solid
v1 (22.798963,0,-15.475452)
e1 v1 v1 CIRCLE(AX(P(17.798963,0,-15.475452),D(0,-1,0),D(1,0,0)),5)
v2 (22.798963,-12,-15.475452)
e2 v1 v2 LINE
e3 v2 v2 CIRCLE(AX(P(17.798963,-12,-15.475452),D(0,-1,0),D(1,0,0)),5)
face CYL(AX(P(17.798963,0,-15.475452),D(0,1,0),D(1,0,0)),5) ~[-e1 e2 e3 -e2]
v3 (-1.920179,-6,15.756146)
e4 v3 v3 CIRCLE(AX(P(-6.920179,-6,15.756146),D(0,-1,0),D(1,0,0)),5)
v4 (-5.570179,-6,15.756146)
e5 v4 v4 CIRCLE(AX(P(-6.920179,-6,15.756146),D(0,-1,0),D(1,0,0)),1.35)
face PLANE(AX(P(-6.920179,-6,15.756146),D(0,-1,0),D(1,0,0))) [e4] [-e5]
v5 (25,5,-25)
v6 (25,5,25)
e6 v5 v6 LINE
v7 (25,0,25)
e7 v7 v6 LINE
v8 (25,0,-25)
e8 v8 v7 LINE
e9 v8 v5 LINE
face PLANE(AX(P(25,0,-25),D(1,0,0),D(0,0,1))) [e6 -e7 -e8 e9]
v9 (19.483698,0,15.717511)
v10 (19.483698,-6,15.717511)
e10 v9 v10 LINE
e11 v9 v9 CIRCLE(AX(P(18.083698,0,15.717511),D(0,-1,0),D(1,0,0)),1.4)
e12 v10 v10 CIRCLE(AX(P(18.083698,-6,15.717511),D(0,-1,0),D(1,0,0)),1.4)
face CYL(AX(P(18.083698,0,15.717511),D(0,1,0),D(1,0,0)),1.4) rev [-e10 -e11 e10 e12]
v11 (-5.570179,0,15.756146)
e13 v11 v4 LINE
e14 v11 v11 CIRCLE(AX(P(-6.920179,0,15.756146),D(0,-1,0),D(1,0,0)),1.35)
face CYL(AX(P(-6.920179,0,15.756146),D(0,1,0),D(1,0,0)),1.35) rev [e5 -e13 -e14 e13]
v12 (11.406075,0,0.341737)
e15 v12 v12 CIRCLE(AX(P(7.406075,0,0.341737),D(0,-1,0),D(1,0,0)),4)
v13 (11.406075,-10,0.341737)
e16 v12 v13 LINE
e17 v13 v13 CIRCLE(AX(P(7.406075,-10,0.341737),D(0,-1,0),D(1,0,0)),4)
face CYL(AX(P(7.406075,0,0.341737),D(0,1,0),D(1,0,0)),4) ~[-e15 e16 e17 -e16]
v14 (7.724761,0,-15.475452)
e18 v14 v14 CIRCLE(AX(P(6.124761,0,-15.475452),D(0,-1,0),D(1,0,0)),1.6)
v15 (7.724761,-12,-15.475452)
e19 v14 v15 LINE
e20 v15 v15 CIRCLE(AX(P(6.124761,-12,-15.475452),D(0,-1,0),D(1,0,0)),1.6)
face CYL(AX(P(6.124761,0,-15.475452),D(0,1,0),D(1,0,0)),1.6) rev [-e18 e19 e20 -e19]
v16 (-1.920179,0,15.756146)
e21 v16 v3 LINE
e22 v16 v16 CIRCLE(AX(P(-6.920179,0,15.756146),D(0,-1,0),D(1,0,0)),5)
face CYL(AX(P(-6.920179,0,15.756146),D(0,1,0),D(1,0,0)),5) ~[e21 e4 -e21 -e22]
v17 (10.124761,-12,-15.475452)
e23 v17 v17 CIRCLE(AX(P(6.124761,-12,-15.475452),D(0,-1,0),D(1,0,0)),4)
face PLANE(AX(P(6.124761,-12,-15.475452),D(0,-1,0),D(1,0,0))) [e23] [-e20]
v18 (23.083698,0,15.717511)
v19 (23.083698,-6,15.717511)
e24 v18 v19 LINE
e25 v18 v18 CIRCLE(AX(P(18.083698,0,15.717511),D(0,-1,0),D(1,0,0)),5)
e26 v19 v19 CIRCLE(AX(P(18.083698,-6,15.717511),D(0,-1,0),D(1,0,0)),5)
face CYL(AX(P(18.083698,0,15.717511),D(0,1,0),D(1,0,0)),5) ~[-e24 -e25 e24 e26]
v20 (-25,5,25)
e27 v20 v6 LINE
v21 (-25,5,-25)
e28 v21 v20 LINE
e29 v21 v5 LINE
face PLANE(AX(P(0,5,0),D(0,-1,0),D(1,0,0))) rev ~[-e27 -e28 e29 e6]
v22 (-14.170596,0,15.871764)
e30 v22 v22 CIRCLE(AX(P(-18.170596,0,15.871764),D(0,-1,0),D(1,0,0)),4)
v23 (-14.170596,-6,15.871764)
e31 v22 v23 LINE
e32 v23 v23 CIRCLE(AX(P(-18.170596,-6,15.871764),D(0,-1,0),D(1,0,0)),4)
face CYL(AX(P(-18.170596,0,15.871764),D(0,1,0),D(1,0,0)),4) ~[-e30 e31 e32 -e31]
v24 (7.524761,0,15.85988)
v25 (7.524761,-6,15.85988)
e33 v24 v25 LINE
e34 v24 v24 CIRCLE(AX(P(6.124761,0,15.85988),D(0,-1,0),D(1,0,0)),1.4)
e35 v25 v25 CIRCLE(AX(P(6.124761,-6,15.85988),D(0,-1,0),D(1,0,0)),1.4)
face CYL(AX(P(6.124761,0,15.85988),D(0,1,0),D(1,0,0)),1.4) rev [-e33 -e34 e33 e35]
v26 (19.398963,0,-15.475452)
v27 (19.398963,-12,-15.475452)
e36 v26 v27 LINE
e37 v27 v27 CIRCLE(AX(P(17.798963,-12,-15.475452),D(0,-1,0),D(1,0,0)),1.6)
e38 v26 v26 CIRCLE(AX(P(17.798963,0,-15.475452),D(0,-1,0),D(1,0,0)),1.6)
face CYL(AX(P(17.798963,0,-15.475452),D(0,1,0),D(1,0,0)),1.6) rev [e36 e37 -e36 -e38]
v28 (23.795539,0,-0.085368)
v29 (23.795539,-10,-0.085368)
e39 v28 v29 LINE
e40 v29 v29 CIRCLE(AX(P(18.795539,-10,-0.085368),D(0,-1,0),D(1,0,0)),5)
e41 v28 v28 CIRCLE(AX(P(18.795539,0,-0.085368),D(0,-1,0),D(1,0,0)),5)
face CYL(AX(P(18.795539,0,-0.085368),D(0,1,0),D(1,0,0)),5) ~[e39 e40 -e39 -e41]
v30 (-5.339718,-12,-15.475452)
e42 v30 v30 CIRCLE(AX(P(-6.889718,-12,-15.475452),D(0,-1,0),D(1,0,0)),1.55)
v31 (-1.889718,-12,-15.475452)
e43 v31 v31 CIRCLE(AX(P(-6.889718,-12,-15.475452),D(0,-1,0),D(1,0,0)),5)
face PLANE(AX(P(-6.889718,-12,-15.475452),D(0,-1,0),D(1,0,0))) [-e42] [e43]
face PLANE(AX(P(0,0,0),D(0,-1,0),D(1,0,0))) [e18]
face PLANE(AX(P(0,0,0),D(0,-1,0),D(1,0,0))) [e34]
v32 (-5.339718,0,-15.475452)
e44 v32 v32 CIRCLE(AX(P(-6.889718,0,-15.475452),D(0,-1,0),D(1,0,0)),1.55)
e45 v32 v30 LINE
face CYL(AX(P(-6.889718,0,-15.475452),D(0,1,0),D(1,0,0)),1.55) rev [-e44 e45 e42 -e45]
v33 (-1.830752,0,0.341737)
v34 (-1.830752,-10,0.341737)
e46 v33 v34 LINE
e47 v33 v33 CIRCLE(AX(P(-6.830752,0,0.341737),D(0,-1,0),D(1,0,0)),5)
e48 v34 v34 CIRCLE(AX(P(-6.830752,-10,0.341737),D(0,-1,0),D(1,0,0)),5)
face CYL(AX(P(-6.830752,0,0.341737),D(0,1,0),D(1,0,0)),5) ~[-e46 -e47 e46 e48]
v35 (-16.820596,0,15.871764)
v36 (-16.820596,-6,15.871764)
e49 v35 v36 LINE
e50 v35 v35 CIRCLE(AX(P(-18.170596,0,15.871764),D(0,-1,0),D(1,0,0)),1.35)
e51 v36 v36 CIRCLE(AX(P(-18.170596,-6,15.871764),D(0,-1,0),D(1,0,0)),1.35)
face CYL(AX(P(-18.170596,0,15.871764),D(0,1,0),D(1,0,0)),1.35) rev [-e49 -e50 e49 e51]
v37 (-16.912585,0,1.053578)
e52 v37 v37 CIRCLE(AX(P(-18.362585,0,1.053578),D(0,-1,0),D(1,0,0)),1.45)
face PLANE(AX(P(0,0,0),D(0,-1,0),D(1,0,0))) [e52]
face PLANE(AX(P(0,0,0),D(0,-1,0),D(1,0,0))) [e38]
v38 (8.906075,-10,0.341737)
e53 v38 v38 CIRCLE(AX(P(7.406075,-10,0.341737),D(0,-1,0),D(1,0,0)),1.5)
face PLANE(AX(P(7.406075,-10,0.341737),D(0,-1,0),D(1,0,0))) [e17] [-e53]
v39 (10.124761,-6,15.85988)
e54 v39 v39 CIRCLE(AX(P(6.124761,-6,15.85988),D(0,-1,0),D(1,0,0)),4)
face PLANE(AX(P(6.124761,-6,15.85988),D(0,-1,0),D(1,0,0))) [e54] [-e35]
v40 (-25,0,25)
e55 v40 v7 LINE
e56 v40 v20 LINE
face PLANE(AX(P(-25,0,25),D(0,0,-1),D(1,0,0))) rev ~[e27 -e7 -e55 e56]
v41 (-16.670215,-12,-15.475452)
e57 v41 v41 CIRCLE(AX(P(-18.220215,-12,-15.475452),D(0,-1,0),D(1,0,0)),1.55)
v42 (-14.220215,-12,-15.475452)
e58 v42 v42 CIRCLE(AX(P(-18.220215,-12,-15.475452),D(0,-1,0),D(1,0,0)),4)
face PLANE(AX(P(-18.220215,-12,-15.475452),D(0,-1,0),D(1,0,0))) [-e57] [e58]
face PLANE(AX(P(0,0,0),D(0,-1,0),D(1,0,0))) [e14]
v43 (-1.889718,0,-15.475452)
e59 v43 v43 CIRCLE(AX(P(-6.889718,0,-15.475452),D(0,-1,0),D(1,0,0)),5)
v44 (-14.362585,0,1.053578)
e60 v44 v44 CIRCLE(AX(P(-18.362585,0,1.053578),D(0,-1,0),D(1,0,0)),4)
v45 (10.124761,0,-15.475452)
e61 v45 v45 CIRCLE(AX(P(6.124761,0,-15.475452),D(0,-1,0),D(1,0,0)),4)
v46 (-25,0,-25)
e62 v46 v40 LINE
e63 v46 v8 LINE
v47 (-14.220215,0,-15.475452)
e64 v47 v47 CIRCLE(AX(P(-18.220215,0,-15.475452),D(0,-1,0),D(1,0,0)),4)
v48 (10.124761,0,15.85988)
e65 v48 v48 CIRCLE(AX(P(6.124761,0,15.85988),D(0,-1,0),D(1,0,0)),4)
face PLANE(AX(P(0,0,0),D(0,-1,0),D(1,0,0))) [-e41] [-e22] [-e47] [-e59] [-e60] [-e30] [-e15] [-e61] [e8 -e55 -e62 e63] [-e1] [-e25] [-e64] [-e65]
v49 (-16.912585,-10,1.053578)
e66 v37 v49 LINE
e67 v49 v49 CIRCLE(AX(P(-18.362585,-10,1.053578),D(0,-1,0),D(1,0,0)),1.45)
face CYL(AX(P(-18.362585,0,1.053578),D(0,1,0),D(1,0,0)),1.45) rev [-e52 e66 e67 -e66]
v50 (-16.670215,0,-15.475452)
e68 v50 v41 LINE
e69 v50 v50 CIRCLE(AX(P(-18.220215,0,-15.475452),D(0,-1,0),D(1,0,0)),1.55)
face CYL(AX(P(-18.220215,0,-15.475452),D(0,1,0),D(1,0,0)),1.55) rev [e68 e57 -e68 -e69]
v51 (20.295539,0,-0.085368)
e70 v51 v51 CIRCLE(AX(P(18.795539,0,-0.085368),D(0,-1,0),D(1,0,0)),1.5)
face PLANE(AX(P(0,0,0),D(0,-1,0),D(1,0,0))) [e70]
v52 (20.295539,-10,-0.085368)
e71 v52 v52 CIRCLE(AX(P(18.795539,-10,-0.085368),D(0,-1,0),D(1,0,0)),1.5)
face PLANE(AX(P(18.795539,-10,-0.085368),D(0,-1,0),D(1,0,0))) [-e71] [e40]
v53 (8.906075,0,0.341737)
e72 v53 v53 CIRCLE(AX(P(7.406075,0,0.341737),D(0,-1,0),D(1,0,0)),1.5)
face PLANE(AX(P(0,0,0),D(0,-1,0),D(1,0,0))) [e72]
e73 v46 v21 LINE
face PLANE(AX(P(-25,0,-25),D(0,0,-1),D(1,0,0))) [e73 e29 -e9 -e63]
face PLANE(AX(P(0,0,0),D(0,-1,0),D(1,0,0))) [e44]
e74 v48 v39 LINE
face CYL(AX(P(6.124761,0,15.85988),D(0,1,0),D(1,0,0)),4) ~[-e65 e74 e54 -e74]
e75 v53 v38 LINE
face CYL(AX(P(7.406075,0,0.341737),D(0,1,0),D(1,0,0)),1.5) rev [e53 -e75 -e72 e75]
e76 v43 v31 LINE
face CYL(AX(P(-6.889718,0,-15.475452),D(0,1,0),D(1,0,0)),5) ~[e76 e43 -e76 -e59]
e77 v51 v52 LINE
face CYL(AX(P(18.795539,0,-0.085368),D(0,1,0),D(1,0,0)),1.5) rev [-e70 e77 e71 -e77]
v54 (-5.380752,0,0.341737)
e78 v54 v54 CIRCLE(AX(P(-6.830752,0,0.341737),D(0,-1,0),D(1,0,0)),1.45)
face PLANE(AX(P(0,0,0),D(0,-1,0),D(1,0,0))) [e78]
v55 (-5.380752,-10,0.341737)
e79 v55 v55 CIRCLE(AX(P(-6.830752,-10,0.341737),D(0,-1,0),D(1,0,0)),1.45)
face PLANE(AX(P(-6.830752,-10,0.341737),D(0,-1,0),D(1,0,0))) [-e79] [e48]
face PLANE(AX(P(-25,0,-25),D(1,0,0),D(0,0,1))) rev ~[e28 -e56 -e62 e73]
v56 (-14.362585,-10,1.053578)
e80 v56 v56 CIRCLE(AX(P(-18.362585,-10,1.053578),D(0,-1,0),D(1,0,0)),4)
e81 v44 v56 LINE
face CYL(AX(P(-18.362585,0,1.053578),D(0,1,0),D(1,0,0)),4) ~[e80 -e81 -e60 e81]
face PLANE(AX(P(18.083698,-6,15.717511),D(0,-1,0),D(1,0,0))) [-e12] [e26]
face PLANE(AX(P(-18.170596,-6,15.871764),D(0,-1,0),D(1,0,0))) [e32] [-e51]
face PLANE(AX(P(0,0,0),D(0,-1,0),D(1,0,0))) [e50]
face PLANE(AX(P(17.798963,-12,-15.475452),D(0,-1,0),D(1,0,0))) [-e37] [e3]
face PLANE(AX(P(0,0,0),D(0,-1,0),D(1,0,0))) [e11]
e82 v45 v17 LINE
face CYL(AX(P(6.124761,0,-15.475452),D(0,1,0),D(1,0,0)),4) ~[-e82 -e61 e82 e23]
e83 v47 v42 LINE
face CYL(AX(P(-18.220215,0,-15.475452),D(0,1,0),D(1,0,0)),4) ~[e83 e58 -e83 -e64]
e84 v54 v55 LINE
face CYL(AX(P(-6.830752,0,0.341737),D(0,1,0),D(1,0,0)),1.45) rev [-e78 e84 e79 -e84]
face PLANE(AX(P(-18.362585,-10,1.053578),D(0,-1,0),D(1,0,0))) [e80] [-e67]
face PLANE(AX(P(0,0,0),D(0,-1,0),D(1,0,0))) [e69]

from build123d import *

# Parameters (mm, degrees)
F0_W     = 50
F0_H     = 50
F2_DEPTH = 5
F1_R     = 4
F1_R_2   = 1.35
F1_R_3   = 5
F1_R_4   = 1.4
F3_DEPTH = 6
F1_R_5   = 1.45
F1_R_6   = 1.5
F4_DEPTH = 10
F1_R_7   = 1.55
F1_R_8   = 1.6
F5_DEPTH = 12


with BuildPart() as f2:
    # F0 (on Front) → F2 (new body)
    with BuildSketch(Plane.XZ):
        Rectangle(F0_W, F0_H)
    extrude(amount=-F2_DEPTH)

    # F1 (on Front) → F3 (join)
    with BuildSketch(Plane.XZ):
        with Locations((-18.170596, 15.871764)):
            Circle(F1_R)
        with Locations((-18.170596, 15.871764)):
            Circle(F1_R_2, mode=Mode.SUBTRACT)
        with Locations((-6.920179, 15.756146)):
            Circle(F1_R_3)
        with Locations((-6.920179, 15.756146)):
            Circle(F1_R_2, mode=Mode.SUBTRACT)
        with Locations((6.124761, 15.85988)):
            Circle(F1_R)
        with Locations((6.124761, 15.85988)):
            Circle(F1_R_4, mode=Mode.SUBTRACT)
        with Locations((18.083698, 15.717511)):
            Circle(F1_R_3)
        with Locations((18.083698, 15.717511)):
            Circle(F1_R_4, mode=Mode.SUBTRACT)
    extrude(amount=F3_DEPTH)

    # F1 (on Front) → F4 (join)
    with BuildSketch(Plane.XZ):
        with Locations((-18.362585, 1.053578)):
            Circle(F1_R)
        with Locations((-18.362585, 1.053578)):
            Circle(F1_R_5, mode=Mode.SUBTRACT)
        with Locations((-6.830752, 0.341737)):
            Circle(F1_R_3)
        with Locations((-6.830752, 0.341737)):
            Circle(F1_R_5, mode=Mode.SUBTRACT)
        with Locations((7.406075, 0.341737)):
            Circle(F1_R)
        with Locations((7.406075, 0.341737)):
            Circle(F1_R_6, mode=Mode.SUBTRACT)
        with Locations((18.795539, -0.085368)):
            Circle(F1_R_3)
        with Locations((18.795539, -0.085368)):
            Circle(F1_R_6, mode=Mode.SUBTRACT)
    extrude(amount=F4_DEPTH)

    # F1 (on Front) → F5 (join)
    with BuildSketch(Plane.XZ):
        with Locations((-6.889718, -15.475452)):
            Circle(F1_R_3)
        with Locations((-6.889718, -15.475452)):
            Circle(F1_R_7, mode=Mode.SUBTRACT)
        with Locations((-18.220215, -15.475452)):
            Circle(F1_R)
        with Locations((-18.220215, -15.475452)):
            Circle(F1_R_7, mode=Mode.SUBTRACT)
        with Locations((6.124761, -15.475452)):
            Circle(F1_R)
        with Locations((6.124761, -15.475452)):
            Circle(F1_R_8, mode=Mode.SUBTRACT)
        with Locations((17.798963, -15.475452)):
            Circle(F1_R_3)
        with Locations((17.798963, -15.475452)):
            Circle(F1_R_8, mode=Mode.SUBTRACT)
    extrude(amount=F5_DEPTH)


solid = f2.part
